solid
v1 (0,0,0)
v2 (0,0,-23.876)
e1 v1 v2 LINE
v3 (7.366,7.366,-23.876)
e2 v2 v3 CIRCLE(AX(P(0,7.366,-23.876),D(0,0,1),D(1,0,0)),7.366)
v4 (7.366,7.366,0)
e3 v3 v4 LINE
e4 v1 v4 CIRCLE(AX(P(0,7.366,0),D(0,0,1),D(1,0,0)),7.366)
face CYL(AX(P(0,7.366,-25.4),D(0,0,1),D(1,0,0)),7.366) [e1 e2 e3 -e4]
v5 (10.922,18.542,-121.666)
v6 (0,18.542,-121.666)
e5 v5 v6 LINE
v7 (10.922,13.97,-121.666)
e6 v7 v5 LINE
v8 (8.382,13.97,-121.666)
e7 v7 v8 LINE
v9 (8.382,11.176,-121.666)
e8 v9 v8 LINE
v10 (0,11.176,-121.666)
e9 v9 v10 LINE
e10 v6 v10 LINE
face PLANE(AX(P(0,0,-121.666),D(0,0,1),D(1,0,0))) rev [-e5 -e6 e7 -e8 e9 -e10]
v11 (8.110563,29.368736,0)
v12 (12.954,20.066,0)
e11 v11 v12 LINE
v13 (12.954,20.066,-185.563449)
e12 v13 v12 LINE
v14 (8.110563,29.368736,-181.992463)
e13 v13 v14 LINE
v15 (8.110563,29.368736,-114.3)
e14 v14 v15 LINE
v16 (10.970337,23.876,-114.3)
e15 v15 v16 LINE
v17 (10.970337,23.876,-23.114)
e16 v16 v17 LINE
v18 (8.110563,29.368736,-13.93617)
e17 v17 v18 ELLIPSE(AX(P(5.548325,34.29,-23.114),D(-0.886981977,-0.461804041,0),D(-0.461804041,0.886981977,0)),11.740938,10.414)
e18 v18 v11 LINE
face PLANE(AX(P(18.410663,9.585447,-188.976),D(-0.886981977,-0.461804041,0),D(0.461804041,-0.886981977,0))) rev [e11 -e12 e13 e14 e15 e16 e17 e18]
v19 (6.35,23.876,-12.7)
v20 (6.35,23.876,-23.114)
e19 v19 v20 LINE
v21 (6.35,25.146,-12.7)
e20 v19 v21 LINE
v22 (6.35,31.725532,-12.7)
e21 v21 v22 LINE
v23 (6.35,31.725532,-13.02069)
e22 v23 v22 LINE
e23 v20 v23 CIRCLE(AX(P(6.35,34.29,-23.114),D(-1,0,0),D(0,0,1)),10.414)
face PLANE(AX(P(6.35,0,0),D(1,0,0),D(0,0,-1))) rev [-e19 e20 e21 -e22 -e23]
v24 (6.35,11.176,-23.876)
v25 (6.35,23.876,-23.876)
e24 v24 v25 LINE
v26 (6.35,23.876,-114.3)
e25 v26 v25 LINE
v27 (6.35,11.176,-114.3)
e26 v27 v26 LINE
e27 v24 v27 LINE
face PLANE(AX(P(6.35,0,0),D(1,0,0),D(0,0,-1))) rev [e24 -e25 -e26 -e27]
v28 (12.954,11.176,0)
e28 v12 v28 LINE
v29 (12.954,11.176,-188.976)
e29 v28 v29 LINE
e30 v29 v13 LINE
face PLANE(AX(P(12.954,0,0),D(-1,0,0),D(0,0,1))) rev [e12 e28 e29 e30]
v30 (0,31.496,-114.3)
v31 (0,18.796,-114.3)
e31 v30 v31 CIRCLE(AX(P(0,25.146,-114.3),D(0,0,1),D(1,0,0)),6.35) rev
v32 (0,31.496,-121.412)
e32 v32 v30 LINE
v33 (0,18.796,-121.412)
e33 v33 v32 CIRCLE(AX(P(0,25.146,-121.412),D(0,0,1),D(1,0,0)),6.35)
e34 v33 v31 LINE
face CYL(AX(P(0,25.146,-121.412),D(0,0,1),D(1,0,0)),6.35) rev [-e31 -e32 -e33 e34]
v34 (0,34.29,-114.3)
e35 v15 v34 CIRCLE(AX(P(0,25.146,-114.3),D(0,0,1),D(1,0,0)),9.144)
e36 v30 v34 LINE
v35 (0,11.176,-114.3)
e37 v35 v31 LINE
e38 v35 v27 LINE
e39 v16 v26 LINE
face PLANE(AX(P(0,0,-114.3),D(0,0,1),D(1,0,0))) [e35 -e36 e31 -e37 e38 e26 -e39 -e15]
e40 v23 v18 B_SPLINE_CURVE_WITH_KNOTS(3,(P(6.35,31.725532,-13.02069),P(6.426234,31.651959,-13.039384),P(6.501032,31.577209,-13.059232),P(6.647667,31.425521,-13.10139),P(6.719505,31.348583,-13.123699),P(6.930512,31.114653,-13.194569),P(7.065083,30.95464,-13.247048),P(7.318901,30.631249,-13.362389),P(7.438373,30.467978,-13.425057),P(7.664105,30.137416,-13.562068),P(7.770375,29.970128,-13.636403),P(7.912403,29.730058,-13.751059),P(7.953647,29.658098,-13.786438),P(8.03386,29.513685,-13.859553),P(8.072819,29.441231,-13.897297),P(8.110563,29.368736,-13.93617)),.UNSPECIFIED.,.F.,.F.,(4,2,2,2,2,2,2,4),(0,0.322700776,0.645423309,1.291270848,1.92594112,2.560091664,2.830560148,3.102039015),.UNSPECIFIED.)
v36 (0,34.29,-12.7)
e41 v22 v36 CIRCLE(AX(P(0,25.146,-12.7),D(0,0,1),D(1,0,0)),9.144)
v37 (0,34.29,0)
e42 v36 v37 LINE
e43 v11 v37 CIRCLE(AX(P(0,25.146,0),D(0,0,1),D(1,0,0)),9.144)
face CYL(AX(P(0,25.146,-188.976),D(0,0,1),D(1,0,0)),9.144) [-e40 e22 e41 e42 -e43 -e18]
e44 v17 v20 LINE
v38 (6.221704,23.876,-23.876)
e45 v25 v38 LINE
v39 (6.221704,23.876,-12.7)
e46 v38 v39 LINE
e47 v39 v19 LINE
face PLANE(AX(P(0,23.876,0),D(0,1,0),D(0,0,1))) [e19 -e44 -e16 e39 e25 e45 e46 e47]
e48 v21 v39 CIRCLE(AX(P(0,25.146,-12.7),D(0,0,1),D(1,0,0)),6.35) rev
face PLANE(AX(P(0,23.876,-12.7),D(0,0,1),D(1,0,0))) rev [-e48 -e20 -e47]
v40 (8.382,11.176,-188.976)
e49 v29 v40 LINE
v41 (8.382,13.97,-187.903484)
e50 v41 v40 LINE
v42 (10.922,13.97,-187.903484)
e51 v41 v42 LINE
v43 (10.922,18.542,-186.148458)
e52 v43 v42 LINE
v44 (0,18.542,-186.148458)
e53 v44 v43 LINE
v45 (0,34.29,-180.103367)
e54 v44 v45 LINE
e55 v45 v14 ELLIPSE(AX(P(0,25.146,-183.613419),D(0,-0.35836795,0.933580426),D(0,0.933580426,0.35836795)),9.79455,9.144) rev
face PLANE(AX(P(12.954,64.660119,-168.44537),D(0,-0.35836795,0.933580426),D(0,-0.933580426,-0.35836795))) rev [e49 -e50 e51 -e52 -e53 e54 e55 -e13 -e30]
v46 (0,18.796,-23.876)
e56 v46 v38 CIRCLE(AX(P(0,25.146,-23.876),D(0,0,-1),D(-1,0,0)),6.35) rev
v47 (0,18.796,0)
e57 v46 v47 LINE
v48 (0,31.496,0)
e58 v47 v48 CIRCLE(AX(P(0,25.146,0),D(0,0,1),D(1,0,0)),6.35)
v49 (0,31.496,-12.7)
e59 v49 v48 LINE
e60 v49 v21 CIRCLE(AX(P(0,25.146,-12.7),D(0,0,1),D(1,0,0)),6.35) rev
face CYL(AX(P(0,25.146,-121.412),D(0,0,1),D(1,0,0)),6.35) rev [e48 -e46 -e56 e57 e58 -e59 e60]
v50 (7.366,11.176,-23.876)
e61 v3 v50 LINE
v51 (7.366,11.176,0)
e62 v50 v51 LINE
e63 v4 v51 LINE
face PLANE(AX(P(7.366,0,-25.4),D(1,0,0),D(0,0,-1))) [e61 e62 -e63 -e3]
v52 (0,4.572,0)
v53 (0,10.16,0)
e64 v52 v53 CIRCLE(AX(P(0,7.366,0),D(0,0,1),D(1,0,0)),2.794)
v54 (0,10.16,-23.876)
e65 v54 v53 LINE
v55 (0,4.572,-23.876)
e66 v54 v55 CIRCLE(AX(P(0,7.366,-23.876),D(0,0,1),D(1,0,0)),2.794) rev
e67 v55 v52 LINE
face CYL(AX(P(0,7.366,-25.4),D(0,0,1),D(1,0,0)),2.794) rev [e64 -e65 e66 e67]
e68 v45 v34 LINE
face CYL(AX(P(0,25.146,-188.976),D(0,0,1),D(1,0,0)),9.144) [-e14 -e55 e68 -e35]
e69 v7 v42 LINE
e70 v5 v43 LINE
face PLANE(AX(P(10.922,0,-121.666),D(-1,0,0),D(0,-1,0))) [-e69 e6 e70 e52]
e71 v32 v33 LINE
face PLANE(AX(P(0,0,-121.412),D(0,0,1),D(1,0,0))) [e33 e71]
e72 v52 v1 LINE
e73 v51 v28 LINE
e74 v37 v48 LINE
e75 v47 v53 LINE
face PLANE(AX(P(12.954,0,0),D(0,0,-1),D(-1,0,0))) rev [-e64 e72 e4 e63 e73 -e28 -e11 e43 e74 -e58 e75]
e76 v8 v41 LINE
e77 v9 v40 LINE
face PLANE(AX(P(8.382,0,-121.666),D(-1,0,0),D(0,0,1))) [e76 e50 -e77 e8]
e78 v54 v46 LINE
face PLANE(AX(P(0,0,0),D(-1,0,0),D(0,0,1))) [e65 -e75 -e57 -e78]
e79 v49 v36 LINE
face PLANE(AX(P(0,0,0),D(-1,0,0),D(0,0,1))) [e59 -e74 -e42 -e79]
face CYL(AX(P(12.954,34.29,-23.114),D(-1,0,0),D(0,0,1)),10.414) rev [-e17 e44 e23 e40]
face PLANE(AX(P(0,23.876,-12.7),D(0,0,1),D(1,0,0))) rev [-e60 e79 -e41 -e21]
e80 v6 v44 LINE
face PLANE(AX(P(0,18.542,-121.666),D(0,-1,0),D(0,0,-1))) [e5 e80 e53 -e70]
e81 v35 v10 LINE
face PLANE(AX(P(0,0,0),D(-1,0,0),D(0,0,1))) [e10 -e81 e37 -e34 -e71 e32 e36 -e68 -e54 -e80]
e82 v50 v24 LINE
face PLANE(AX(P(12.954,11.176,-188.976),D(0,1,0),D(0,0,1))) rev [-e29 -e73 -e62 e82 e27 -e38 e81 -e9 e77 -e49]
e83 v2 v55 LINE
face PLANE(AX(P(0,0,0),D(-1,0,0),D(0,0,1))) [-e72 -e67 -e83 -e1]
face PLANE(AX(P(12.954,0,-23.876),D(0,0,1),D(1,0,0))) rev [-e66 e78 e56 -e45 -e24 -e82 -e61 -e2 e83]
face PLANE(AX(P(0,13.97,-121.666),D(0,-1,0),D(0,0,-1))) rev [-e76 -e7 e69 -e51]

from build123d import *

# Parameters (mm, degrees)
SKETCH1_W                = 188.976
SKETCH1_H                = 34.29
BOSS_EXTRUDE1_DEPTH      = 12.954
CUT_EXTRUDE1_DEPTH       = 121.412
CUT_EXTRUDE2_DEPTH       = 25.4
SKETCH3_W                = 165.1
SKETCH3_H                = 11.176
CUT_EXTRUDE3_DEPTH       = 193.498152698
CUT_EXTRUDE4_DEPTH       = 25.4
SKETCH5_W                = 6.35
SKETCH5_H                = 90.424
CUT_EXTRUDE6_DEPTH       = 193.498152698
SKETCH5_4_W              = 6.35
SKETCH5_4_H              = 11.176
CUT_EXTRUDE7_DEPTH       = 10.414
CUT_EXTRUDE8_DEPTH       = 193.498152698
CUT_EXTRUDE9_DEPTH       = 193.17529886
CUT_EXTRUDE10_DEPTH      = 193.498152715
CUT_EXTRUDE10_DEPTH_BACK = 193.498152715
CUT_EXTRUDE12_DEPTH      = 67.31


with BuildPart() as part:
    # Sketch1 → Boss-Extrude1 (new body)
    with BuildSketch(Plane(origin=(0, 0, 0), x_dir=(0, 0, -1), z_dir=(1, 0, 0))):
        with Locations((94.488, 17.145)):
            Rectangle(SKETCH1_W, SKETCH1_H)
    extrude(amount=BOSS_EXTRUDE1_DEPTH)

    # Sketch2 → Cut-Extrude1 (cut)
    with BuildSketch(Plane.XY):
        with BuildLine():
            Line((0, 31.496), (0, 18.796))
            ThreePointArc((0, 18.796), (4.490128061, 20.655871939), (6.35, 25.146))
            ThreePointArc((6.35, 25.146), (4.490128061, 29.636128061), (0, 31.496))
        make_face()
    extrude(amount=-CUT_EXTRUDE1_DEPTH, mode=Mode.SUBTRACT)

    # Sketch2<3> → Cut-Extrude2 (cut)
    with BuildSketch(Plane.XY):
        with BuildLine():
            ThreePointArc((0, 4.572), (1.975656347, 5.390343653), (2.794, 7.366))
            ThreePointArc((2.794, 7.366), (1.975656347, 9.341656347), (0, 10.16))
            Line((0, 10.16), (0, 4.572))
        make_face()
    extrude(amount=-CUT_EXTRUDE2_DEPTH, mode=Mode.SUBTRACT)

    # Sketch3 → Cut-Extrude3 (cut, through all)
    with BuildSketch(Plane.ZY):
        with Locations((-106.426, 5.588)):
            Rectangle(SKETCH3_W, SKETCH3_H)
    extrude(amount=-CUT_EXTRUDE3_DEPTH, mode=Mode.SUBTRACT)

    # Sketch4 → Cut-Extrude4 (cut)
    with BuildSketch(Plane.XY):
        with BuildLine():
            Line((7.366, 11.176), (7.366, 7.366))
            ThreePointArc((7.366, 7.366), (5.20854855, 2.15745145), (0, 0))
            Line((0, 0), (12.954, 0))
            Line((12.954, 0), (12.954, 11.176))
            Line((12.954, 11.176), (7.366, 11.176))
        make_face()
    extrude(amount=-CUT_EXTRUDE4_DEPTH, mode=Mode.SUBTRACT)

    # Sketch5 → Cut-Extrude6 (cut, through all)
    with BuildSketch(Plane(origin=(0, 34.29, 0), x_dir=(1, 0, 0), z_dir=(0, 1, 0))):
        with Locations((3.175, 69.088)):
            Rectangle(SKETCH5_W, SKETCH5_H)
    extrude(amount=-CUT_EXTRUDE6_DEPTH, mode=Mode.SUBTRACT)

    # Sketch5<4> → Cut-Extrude7 (cut)
    with BuildSketch(Plane(origin=(0, 34.29, 0), x_dir=(1, 0, 0), z_dir=(0, 1, 0))):
        with Locations((3.175, 18.288)):
            Rectangle(SKETCH5_4_W, SKETCH5_4_H)
    extrude(amount=-CUT_EXTRUDE7_DEPTH, mode=Mode.SUBTRACT)

    # Sketch6 → Cut-Extrude8 (cut, through all)
    with BuildSketch(Plane.XY):
        with BuildLine():
            ThreePointArc((0, 34.29), (4.74341842, 32.963462356), (8.110563197, 29.368736153))
            Line((8.110563197, 29.368736153), (12.954, 20.066))
            Line((12.954, 20.066), (12.954, 34.29))
            Line((12.954, 34.29), (0, 34.29))
        make_face()
    extrude(amount=-CUT_EXTRUDE8_DEPTH, mode=Mode.SUBTRACT)

    # Sketch7 → Cut-Extrude9 (cut, through all)
    with BuildSketch(Plane.ZY.offset(-6.35)):
        with BuildLine():
            Line((-114.3, 34.29), (-114.3, 23.876))
            Line((-114.3, 23.876), (-23.114000049, 23.876))
            ThreePointArc((-23.114000049, 23.876), (-15.750189998, 26.926189963), (-12.7, 34.29))
            Line((-12.7, 34.29), (-114.3, 34.29))
        make_face()
    extrude(amount=-CUT_EXTRUDE9_DEPTH, mode=Mode.SUBTRACT)

    # Sketch8 → Cut-Extrude10 (cut, two sides: drawn at the far end of the back side and taken through both)
    with BuildSketch(Plane.ZY.offset(-CUT_EXTRUDE10_DEPTH_BACK)):
        Polygon((-188.976, 34.29), (-188.976, 11.176), (-180.103366694, 34.29), align=None)
    extrude(amount=CUT_EXTRUDE10_DEPTH + CUT_EXTRUDE10_DEPTH_BACK, mode=Mode.SUBTRACT)

    # Sketch12 → Cut-Extrude12 (cut)
    with BuildSketch(Plane.XY.offset(-188.976)):
        Polygon((0, 11.176), (8.382, 11.176), (8.382, 13.97), (10.922, 13.97), (10.922, 18.542), (0, 18.542), align=None)
    extrude(amount=CUT_EXTRUDE12_DEPTH, mode=Mode.SUBTRACT)


solid = part.part
